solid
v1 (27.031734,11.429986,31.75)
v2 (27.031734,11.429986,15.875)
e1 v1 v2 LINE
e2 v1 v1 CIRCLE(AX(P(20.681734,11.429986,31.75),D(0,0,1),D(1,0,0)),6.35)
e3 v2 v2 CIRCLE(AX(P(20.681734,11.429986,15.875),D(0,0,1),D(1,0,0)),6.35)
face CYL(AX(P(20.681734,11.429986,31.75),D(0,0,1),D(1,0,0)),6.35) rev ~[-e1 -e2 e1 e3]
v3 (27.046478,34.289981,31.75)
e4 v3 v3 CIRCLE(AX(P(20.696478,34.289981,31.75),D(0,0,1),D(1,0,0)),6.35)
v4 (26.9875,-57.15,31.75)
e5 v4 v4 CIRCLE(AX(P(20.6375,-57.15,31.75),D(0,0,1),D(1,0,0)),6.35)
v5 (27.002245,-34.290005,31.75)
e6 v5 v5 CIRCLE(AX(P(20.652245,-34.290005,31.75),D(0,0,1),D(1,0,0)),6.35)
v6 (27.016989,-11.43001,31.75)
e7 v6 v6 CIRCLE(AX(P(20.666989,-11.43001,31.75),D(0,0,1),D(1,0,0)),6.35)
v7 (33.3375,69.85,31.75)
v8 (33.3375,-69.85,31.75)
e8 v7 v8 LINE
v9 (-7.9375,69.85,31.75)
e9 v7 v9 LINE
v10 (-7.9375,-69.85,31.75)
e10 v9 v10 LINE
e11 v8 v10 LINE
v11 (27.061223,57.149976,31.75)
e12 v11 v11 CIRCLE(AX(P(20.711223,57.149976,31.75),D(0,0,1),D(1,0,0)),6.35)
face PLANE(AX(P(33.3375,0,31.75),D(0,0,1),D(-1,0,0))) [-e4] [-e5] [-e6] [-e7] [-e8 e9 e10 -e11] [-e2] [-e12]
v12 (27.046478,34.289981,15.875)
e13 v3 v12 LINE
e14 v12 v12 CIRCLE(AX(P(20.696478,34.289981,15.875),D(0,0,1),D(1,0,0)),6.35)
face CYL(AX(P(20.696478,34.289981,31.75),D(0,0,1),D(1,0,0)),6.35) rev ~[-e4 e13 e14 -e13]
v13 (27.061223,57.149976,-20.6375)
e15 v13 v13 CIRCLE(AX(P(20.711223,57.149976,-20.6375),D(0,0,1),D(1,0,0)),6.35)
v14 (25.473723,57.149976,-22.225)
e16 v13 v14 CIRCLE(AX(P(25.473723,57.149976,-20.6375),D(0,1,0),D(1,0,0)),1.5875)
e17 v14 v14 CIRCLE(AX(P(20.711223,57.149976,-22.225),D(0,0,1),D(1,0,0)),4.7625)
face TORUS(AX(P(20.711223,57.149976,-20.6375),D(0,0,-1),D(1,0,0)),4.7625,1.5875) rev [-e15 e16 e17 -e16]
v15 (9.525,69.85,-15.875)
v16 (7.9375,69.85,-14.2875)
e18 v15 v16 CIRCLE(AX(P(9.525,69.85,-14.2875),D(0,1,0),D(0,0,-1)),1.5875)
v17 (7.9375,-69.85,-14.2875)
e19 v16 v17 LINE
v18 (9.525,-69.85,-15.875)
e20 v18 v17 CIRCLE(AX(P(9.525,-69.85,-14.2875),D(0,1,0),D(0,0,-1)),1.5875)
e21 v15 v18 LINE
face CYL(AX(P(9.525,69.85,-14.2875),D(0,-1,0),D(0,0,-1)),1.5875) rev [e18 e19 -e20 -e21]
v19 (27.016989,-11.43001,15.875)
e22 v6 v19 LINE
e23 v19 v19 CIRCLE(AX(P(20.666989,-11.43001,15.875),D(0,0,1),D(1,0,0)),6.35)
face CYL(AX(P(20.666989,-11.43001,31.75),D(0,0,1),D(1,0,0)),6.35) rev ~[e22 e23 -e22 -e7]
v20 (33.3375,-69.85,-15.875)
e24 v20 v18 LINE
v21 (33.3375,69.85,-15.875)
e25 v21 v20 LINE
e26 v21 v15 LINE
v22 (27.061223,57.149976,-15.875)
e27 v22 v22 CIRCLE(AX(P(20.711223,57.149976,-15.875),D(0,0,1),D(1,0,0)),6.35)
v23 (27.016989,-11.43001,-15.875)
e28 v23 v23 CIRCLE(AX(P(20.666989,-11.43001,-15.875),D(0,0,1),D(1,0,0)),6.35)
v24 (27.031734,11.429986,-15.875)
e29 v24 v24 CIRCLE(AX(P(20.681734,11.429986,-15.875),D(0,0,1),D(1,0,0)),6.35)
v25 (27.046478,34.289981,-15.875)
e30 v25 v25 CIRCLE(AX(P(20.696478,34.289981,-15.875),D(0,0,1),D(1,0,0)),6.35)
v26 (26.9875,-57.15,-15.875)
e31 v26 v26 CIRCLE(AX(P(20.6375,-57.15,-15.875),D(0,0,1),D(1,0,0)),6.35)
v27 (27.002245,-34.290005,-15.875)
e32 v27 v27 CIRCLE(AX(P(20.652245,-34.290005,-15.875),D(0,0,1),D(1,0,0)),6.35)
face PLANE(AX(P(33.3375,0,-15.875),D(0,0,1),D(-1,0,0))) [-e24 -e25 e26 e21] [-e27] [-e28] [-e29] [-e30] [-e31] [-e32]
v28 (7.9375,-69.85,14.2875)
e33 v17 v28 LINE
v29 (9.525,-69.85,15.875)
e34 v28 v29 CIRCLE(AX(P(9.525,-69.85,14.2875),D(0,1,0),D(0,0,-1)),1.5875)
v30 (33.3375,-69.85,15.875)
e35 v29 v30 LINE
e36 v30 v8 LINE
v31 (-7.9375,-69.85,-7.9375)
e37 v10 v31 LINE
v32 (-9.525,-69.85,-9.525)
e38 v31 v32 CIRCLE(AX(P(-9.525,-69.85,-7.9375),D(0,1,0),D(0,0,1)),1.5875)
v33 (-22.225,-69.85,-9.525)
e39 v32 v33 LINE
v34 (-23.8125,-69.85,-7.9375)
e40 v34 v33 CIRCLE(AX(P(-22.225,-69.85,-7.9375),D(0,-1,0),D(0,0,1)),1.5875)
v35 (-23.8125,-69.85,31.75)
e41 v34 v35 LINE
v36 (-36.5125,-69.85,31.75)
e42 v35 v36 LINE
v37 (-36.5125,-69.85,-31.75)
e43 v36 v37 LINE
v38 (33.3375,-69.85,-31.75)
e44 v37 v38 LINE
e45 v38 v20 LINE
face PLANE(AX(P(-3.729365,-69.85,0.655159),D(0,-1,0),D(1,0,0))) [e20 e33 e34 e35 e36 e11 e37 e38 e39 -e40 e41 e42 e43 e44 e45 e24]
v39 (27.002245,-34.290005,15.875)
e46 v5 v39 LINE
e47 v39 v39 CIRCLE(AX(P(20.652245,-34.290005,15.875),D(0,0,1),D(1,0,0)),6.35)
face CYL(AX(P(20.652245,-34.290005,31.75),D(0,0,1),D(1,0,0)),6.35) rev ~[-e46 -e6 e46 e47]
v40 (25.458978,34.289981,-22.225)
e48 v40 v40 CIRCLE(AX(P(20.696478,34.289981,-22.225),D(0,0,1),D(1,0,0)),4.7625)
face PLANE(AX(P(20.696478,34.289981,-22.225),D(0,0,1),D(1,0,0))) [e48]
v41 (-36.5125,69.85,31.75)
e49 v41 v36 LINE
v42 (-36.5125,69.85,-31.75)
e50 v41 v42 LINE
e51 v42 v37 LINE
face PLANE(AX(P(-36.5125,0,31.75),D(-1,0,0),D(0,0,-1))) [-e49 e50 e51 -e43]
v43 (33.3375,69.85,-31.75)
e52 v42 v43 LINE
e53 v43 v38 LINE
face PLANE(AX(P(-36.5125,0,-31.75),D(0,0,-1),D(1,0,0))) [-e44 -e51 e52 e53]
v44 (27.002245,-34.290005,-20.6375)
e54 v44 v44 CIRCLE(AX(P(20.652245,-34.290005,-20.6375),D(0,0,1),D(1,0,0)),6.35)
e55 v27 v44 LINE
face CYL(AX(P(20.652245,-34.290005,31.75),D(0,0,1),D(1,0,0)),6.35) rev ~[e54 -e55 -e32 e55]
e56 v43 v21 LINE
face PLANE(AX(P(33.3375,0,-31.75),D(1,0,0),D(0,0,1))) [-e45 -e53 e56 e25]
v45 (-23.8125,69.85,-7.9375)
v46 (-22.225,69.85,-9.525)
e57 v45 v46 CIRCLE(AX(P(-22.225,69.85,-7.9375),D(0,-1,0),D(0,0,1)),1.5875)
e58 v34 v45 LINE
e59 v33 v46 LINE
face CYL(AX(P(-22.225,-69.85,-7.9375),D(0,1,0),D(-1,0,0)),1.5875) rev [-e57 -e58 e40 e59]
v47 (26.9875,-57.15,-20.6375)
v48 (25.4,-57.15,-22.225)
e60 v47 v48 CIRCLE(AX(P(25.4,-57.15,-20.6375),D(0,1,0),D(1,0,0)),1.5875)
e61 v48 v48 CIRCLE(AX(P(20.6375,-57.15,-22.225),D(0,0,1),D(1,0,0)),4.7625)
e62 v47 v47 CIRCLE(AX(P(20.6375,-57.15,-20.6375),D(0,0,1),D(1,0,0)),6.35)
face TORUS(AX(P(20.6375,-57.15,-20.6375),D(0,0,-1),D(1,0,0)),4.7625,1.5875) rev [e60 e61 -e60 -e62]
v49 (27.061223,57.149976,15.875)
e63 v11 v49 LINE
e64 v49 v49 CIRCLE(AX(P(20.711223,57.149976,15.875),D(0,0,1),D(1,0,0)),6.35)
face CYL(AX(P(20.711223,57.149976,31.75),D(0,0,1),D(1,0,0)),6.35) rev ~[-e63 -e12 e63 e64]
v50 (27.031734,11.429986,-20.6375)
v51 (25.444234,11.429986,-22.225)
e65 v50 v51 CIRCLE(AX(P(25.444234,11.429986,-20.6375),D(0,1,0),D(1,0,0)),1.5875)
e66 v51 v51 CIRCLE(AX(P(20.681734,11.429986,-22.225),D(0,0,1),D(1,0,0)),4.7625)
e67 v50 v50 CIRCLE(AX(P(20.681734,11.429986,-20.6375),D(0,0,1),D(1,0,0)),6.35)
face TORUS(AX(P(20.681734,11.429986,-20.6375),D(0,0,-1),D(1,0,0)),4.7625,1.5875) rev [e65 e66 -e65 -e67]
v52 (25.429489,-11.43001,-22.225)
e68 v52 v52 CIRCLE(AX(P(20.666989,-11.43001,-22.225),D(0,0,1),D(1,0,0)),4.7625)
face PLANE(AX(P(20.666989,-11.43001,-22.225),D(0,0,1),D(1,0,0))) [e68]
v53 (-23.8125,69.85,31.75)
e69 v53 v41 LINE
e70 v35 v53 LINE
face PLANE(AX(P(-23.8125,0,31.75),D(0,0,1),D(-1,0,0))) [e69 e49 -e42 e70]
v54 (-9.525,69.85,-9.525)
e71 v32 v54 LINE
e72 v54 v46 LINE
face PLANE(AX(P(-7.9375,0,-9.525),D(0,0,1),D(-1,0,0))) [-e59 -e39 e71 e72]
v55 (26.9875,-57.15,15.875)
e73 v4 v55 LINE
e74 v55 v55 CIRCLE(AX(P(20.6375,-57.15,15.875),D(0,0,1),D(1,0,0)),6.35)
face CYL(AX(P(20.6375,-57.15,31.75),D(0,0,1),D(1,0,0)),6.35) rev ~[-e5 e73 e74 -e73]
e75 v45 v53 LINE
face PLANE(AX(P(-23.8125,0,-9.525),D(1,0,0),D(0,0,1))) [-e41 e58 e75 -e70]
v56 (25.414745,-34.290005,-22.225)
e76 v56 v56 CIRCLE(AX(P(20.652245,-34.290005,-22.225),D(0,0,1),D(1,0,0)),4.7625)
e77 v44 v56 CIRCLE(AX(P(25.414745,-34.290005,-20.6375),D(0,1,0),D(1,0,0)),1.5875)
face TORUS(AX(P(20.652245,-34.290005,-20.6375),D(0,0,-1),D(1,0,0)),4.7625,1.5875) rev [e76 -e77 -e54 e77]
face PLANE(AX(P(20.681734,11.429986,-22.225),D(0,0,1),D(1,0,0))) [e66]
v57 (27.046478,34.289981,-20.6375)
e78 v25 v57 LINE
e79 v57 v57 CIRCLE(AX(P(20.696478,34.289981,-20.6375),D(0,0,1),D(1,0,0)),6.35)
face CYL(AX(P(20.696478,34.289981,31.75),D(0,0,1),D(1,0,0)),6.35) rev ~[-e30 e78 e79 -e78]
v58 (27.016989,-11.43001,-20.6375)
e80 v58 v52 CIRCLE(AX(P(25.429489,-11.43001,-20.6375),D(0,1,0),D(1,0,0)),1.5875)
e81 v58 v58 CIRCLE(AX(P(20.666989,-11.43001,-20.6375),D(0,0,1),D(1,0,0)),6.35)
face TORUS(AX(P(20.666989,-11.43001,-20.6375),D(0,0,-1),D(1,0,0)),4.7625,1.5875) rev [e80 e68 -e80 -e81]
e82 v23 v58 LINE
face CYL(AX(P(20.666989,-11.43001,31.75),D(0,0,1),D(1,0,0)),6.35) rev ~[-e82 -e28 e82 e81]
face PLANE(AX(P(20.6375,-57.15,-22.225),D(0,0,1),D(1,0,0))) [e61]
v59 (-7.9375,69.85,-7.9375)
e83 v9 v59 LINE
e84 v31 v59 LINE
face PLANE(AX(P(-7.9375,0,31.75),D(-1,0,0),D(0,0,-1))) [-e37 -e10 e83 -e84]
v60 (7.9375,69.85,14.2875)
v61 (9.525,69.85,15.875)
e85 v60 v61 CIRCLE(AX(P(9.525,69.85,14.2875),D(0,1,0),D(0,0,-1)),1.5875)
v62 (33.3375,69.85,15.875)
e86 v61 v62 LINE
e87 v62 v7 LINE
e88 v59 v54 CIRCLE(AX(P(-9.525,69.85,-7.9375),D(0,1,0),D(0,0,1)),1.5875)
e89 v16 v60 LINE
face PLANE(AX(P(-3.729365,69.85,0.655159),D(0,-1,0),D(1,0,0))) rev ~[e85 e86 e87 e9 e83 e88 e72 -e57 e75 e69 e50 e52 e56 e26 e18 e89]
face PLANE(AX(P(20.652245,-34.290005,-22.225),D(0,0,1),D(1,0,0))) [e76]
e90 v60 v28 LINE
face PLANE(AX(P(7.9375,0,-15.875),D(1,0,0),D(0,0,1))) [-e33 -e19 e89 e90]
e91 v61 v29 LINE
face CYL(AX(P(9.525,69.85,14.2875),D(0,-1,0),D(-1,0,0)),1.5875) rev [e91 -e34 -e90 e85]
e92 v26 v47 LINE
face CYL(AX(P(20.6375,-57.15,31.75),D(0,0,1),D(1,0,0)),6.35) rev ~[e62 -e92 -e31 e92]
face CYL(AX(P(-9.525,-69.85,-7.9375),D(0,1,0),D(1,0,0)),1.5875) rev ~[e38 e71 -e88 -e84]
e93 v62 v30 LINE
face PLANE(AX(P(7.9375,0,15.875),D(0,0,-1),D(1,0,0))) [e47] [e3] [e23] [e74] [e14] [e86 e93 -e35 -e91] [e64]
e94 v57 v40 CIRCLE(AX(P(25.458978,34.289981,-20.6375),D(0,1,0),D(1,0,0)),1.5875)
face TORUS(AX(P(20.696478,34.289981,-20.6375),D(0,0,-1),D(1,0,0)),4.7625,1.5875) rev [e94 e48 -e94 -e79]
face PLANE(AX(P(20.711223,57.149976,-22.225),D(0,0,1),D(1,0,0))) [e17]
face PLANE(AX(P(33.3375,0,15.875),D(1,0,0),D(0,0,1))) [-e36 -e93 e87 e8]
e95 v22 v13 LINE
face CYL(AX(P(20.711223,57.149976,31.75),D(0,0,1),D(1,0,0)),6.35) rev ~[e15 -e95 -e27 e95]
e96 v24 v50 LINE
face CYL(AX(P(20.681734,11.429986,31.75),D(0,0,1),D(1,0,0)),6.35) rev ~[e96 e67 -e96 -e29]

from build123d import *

# Parameters (mm, degrees)
F1_DEPTH = 69.85
F2_R     = 6.35
F3_DEPTH = 53.975
F4_R     = 1.5875
F5_R     = 1.5875


with BuildPart() as f1:
    # F0 (on Front) → F1 (new body, symmetric)
    with BuildSketch(Plane.XZ):
        Polygon((-23.8125, 31.75), (-36.5125, 31.75), (-36.5125, -31.75), (33.3375, -31.75), (33.3375, -15.875), (7.9375, -15.875), (7.9375, 15.875), (33.3375, 15.875), (33.3375, 31.75), (-7.9375, 31.75), (-7.9375, -9.525), (-23.8125, -9.525), align=None)
    extrude(amount=F1_DEPTH, both=True)

    # F2 (on face) → F3 (cut)
    with BuildSketch(Plane.XY.offset(31.75)):
        with Locations((20.6375, -57.15)):
            Circle(F2_R)
        with Locations((20.652245, -34.290005)):
            Circle(F2_R)
        with Locations((20.666989, -11.43001)):
            Circle(F2_R)
        with Locations((20.681734, 11.429986)):
            Circle(F2_R)
        with Locations((20.696478, 34.289981)):
            Circle(F2_R)
        with Locations((20.711223, 57.149976)):
            Circle(F2_R)
    extrude(amount=-F3_DEPTH, mode=Mode.SUBTRACT)

    # F4
    f4_edges = [f1.edges().sort_by_distance(p)[0] for p in [
        (7.9375, 0, -15.875),
        (7.9375, 0, 15.875),
        (-23.8125, 0, -9.525),
        (-7.9375, 0, -9.525),
    ]]
    fillet(f4_edges, radius=F4_R)

    # F5
    f5_edges = [f1.edges().sort_by_distance(p)[0] for p in [
        (14.361223, 57.149976, -22.225),
        (14.346478, 34.289981, -22.225),
        (14.331734, 11.429986, -22.225),
        (14.316989, -11.43001, -22.225),
        (14.302245, -34.290005, -22.225),
        (14.2875, -57.15, -22.225),
    ]]
    fillet(f5_edges, radius=F5_R)


solid = f1.part
